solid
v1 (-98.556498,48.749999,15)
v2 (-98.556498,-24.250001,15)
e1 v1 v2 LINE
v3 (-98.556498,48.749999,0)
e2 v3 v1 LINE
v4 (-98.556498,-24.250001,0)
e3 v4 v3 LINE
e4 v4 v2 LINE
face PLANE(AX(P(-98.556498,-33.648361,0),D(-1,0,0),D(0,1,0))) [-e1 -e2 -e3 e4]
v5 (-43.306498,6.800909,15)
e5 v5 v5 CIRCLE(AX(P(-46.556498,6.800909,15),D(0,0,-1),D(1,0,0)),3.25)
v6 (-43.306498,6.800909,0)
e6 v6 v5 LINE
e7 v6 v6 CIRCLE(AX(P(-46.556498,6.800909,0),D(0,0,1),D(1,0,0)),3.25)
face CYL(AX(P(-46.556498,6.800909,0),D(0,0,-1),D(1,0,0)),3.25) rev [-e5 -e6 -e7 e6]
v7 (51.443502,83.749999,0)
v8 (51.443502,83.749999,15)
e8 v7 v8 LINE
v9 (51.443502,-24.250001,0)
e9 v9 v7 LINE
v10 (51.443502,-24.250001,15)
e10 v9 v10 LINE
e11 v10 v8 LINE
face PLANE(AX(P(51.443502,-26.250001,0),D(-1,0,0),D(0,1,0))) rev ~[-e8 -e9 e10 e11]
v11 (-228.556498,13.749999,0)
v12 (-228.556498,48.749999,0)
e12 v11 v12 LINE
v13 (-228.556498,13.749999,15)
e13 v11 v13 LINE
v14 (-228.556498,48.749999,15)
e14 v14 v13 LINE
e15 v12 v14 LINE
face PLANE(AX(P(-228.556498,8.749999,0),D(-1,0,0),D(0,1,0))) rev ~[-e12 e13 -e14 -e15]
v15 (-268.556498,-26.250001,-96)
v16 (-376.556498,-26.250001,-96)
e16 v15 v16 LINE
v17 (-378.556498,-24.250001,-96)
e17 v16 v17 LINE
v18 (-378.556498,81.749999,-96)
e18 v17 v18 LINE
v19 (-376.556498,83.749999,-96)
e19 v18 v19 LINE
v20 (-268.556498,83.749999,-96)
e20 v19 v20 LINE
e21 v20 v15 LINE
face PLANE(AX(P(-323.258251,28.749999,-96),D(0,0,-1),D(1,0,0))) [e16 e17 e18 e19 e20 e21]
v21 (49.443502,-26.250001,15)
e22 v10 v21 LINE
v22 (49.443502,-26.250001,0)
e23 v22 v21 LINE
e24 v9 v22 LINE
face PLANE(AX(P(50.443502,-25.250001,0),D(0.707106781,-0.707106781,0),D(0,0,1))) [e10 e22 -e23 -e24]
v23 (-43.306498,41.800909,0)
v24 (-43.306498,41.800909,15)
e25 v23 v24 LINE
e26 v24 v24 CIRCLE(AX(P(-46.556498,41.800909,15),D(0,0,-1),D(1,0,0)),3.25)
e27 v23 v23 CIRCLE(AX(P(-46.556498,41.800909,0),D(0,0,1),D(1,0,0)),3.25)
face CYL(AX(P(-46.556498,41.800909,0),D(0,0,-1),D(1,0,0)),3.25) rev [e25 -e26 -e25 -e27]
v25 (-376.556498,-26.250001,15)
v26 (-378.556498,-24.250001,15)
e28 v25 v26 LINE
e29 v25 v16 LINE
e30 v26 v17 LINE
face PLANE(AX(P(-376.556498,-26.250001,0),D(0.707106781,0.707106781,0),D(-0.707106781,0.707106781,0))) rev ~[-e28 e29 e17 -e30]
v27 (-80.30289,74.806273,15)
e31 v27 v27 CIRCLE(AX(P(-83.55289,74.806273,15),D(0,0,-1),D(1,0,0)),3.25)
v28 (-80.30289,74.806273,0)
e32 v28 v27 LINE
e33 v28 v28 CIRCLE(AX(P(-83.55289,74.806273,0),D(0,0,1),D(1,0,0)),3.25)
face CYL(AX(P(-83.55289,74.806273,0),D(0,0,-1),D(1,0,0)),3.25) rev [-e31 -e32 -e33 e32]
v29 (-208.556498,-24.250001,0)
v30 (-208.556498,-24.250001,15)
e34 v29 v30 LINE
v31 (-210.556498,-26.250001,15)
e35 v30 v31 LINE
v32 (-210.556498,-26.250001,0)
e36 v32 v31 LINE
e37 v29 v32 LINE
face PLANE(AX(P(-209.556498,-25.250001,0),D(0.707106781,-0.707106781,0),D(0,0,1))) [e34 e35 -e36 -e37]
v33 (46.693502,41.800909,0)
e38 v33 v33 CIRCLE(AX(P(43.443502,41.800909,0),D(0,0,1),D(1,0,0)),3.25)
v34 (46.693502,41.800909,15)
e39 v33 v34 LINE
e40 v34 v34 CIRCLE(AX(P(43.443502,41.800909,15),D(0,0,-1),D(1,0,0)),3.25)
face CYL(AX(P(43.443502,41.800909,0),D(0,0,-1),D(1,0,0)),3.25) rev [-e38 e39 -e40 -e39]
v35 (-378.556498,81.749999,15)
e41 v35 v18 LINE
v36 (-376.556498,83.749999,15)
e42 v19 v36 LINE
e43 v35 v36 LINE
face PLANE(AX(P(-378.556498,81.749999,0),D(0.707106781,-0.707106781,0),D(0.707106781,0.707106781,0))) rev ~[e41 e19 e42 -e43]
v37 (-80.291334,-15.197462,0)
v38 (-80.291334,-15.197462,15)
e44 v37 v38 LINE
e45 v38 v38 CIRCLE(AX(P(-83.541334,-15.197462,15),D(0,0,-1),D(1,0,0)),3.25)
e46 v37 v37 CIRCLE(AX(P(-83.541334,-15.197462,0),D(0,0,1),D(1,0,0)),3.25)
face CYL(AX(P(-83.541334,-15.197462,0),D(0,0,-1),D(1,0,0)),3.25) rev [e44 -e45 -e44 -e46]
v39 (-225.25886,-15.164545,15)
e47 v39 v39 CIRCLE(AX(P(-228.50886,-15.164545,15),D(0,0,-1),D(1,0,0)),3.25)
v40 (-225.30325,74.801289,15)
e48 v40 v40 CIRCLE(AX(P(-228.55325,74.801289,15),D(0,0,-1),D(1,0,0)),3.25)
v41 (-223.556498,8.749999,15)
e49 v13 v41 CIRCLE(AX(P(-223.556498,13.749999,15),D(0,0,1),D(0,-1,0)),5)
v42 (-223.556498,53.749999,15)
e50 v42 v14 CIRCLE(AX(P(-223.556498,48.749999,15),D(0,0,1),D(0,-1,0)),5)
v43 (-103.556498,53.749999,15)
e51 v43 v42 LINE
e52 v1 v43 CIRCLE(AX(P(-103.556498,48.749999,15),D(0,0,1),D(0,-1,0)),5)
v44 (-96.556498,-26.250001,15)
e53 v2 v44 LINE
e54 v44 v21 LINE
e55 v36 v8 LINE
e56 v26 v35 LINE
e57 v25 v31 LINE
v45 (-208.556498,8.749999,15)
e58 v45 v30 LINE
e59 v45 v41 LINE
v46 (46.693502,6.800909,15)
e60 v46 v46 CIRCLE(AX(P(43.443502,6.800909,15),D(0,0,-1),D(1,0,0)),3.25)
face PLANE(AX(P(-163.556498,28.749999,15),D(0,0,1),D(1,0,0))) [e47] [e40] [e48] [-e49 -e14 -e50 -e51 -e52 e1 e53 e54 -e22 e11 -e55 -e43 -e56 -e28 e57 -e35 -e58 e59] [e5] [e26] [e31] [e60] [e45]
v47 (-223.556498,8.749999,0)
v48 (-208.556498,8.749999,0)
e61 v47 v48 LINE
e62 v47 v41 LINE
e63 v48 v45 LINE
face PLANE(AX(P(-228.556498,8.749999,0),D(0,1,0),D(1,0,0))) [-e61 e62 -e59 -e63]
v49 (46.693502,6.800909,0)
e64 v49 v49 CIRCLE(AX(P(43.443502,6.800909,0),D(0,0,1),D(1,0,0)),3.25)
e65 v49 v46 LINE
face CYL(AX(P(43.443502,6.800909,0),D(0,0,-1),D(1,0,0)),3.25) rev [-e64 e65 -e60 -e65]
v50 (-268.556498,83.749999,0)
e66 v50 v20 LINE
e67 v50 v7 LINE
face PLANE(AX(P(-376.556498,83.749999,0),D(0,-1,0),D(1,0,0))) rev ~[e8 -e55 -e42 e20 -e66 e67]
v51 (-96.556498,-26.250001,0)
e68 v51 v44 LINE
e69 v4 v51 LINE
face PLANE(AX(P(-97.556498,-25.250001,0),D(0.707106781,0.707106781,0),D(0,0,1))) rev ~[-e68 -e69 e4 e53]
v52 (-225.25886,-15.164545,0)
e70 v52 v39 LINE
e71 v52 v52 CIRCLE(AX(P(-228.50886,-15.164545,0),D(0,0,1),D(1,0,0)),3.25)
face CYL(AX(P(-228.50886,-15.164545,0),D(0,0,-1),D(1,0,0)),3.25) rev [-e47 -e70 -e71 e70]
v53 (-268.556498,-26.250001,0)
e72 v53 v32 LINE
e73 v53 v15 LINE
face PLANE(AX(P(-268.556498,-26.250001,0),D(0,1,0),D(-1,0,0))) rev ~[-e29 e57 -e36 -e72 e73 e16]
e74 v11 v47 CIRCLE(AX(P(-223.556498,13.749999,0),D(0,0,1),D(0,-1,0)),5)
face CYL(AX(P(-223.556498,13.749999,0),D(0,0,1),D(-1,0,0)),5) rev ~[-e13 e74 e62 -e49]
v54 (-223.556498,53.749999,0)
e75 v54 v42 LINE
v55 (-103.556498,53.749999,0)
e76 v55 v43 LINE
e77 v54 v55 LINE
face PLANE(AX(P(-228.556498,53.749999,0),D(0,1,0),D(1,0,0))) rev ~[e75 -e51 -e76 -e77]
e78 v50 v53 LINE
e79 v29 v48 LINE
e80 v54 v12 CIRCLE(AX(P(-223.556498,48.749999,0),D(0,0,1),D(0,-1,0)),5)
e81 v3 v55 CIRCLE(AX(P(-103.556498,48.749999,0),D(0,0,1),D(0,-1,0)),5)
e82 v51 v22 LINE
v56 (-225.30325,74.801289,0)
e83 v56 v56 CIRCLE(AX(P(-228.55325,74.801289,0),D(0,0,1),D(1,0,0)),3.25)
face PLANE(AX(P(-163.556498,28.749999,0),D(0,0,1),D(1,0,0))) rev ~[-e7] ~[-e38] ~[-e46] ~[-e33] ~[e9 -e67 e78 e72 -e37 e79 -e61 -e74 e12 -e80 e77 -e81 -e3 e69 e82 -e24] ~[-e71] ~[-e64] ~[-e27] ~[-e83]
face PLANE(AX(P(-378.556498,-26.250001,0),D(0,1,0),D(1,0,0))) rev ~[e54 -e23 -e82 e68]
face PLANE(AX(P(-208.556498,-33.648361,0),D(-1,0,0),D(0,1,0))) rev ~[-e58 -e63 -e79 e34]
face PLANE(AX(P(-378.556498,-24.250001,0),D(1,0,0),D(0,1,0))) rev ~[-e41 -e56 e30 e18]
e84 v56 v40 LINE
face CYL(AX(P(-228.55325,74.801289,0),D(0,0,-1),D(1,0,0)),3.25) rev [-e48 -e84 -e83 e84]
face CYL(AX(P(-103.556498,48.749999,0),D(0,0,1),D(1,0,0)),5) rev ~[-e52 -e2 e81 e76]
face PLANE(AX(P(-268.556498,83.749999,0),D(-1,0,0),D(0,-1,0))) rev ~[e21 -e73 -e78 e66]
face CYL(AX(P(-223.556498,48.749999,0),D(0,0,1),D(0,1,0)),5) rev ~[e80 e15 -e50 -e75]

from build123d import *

# Parameters (mm, degrees)
F0_W      = 430
F0_H      = 110
F1_DEPTH  = 15
F2_W      = 130
F2_H      = 45
F3_DEPTH  = 25
F4_W      = 110
F4_H      = 45.9024896845
F5_DEPTH  = 25
F6_R      = 5
F7_SIZE   = 2
F9_DEPTH  = 96
F11_R     = 3.25
F12_DEPTH = 25
F13_R     = 3.25
F14_DEPTH = 25


with BuildPart() as f1:
    # F0 (on Top) → F1 (new body)
    with BuildSketch(Plane.XY):
        with Locations((-163.5564976931, 28.7499989569)):
            Rectangle(F0_W, F0_H)
    extrude(amount=F1_DEPTH)

    # F2 (on Top) → F3 (cut)
    with BuildSketch(Plane.XY):
        with Locations((-163.5564976931, 31.2499989569)):
            Rectangle(F2_W, F2_H)
    extrude(amount=F3_DEPTH, mode=Mode.SUBTRACT)

    # F4 (on Top) → F5 (cut)
    with BuildSketch(Plane.XY):
        with Locations((-153.5564976931, -10.6971156783)):
            Rectangle(F4_W, F4_H)
    extrude(amount=F5_DEPTH, mode=Mode.SUBTRACT)

    # F6
    f6_edges = [f1.edges().sort_by_distance(p)[0] for p in [
        (-228.556498, 53.749999, 7.5),
        (-98.556498, 53.749999, 7.5),
        (-228.556498, 8.749999, 7.5),
    ]]
    fillet(f6_edges, radius=F6_R)

    # F7
    f7_edges = [f1.edges().sort_by_distance(p)[0] for p in [
        (-208.556498, -26.250001, 7.5),
        (-98.556498, -26.250001, 7.5),
        (-378.556498, -26.250001, 7.5),
        (-378.556498, 83.749999, 7.5),
        (51.443502, -26.250001, 7.5),
    ]]
    chamfer(f7_edges, length=F7_SIZE)

    # F8 (on face) → F9 (join)
    with BuildSketch(Plane(origin=(0, 0, 0), x_dir=(1, 0, 0), z_dir=(0, 0, -1))):
        Polygon((-268.5564976931, 26.2500010431), (-376.5564976931, 26.2500010431), (-378.5564976931, 24.2500010431), (-378.5564976931, -81.7499989569), (-376.5564976931, -83.7499989569), (-268.5564976931, -83.7499989569), align=None)
    extrude(amount=F9_DEPTH)

    # F11 (on Top) → F12 (cut)
    with BuildSketch(Plane.XY):
        with Locations((-228.5088598728, -15.1645448059)):
            Circle(F11_R)
        with Locations((-228.553250432, 74.8012885451)):
            Circle(F11_R)
        with Locations((-83.5528895259, 74.8062729836)):
            Circle(F11_R)
        with Locations((-83.5413336754, -15.1974624023)):
            Circle(F11_R)
    extrude(amount=F12_DEPTH, mode=Mode.SUBTRACT)

    # F13 (on Top) → F14 (cut)
    with BuildSketch(Plane.XY):
        with Locations((-46.5564976931, 6.8009085655)):
            Circle(F13_R)
        with Locations((-46.5564976931, 41.8009085655)):
            Circle(F13_R)
        with Locations((43.4435023069, 6.8009085655)):
            Circle(F13_R)
        with Locations((43.4435023069, 41.8009085655)):
            Circle(F13_R)
    extrude(amount=F14_DEPTH, mode=Mode.SUBTRACT)


solid = f1.part
